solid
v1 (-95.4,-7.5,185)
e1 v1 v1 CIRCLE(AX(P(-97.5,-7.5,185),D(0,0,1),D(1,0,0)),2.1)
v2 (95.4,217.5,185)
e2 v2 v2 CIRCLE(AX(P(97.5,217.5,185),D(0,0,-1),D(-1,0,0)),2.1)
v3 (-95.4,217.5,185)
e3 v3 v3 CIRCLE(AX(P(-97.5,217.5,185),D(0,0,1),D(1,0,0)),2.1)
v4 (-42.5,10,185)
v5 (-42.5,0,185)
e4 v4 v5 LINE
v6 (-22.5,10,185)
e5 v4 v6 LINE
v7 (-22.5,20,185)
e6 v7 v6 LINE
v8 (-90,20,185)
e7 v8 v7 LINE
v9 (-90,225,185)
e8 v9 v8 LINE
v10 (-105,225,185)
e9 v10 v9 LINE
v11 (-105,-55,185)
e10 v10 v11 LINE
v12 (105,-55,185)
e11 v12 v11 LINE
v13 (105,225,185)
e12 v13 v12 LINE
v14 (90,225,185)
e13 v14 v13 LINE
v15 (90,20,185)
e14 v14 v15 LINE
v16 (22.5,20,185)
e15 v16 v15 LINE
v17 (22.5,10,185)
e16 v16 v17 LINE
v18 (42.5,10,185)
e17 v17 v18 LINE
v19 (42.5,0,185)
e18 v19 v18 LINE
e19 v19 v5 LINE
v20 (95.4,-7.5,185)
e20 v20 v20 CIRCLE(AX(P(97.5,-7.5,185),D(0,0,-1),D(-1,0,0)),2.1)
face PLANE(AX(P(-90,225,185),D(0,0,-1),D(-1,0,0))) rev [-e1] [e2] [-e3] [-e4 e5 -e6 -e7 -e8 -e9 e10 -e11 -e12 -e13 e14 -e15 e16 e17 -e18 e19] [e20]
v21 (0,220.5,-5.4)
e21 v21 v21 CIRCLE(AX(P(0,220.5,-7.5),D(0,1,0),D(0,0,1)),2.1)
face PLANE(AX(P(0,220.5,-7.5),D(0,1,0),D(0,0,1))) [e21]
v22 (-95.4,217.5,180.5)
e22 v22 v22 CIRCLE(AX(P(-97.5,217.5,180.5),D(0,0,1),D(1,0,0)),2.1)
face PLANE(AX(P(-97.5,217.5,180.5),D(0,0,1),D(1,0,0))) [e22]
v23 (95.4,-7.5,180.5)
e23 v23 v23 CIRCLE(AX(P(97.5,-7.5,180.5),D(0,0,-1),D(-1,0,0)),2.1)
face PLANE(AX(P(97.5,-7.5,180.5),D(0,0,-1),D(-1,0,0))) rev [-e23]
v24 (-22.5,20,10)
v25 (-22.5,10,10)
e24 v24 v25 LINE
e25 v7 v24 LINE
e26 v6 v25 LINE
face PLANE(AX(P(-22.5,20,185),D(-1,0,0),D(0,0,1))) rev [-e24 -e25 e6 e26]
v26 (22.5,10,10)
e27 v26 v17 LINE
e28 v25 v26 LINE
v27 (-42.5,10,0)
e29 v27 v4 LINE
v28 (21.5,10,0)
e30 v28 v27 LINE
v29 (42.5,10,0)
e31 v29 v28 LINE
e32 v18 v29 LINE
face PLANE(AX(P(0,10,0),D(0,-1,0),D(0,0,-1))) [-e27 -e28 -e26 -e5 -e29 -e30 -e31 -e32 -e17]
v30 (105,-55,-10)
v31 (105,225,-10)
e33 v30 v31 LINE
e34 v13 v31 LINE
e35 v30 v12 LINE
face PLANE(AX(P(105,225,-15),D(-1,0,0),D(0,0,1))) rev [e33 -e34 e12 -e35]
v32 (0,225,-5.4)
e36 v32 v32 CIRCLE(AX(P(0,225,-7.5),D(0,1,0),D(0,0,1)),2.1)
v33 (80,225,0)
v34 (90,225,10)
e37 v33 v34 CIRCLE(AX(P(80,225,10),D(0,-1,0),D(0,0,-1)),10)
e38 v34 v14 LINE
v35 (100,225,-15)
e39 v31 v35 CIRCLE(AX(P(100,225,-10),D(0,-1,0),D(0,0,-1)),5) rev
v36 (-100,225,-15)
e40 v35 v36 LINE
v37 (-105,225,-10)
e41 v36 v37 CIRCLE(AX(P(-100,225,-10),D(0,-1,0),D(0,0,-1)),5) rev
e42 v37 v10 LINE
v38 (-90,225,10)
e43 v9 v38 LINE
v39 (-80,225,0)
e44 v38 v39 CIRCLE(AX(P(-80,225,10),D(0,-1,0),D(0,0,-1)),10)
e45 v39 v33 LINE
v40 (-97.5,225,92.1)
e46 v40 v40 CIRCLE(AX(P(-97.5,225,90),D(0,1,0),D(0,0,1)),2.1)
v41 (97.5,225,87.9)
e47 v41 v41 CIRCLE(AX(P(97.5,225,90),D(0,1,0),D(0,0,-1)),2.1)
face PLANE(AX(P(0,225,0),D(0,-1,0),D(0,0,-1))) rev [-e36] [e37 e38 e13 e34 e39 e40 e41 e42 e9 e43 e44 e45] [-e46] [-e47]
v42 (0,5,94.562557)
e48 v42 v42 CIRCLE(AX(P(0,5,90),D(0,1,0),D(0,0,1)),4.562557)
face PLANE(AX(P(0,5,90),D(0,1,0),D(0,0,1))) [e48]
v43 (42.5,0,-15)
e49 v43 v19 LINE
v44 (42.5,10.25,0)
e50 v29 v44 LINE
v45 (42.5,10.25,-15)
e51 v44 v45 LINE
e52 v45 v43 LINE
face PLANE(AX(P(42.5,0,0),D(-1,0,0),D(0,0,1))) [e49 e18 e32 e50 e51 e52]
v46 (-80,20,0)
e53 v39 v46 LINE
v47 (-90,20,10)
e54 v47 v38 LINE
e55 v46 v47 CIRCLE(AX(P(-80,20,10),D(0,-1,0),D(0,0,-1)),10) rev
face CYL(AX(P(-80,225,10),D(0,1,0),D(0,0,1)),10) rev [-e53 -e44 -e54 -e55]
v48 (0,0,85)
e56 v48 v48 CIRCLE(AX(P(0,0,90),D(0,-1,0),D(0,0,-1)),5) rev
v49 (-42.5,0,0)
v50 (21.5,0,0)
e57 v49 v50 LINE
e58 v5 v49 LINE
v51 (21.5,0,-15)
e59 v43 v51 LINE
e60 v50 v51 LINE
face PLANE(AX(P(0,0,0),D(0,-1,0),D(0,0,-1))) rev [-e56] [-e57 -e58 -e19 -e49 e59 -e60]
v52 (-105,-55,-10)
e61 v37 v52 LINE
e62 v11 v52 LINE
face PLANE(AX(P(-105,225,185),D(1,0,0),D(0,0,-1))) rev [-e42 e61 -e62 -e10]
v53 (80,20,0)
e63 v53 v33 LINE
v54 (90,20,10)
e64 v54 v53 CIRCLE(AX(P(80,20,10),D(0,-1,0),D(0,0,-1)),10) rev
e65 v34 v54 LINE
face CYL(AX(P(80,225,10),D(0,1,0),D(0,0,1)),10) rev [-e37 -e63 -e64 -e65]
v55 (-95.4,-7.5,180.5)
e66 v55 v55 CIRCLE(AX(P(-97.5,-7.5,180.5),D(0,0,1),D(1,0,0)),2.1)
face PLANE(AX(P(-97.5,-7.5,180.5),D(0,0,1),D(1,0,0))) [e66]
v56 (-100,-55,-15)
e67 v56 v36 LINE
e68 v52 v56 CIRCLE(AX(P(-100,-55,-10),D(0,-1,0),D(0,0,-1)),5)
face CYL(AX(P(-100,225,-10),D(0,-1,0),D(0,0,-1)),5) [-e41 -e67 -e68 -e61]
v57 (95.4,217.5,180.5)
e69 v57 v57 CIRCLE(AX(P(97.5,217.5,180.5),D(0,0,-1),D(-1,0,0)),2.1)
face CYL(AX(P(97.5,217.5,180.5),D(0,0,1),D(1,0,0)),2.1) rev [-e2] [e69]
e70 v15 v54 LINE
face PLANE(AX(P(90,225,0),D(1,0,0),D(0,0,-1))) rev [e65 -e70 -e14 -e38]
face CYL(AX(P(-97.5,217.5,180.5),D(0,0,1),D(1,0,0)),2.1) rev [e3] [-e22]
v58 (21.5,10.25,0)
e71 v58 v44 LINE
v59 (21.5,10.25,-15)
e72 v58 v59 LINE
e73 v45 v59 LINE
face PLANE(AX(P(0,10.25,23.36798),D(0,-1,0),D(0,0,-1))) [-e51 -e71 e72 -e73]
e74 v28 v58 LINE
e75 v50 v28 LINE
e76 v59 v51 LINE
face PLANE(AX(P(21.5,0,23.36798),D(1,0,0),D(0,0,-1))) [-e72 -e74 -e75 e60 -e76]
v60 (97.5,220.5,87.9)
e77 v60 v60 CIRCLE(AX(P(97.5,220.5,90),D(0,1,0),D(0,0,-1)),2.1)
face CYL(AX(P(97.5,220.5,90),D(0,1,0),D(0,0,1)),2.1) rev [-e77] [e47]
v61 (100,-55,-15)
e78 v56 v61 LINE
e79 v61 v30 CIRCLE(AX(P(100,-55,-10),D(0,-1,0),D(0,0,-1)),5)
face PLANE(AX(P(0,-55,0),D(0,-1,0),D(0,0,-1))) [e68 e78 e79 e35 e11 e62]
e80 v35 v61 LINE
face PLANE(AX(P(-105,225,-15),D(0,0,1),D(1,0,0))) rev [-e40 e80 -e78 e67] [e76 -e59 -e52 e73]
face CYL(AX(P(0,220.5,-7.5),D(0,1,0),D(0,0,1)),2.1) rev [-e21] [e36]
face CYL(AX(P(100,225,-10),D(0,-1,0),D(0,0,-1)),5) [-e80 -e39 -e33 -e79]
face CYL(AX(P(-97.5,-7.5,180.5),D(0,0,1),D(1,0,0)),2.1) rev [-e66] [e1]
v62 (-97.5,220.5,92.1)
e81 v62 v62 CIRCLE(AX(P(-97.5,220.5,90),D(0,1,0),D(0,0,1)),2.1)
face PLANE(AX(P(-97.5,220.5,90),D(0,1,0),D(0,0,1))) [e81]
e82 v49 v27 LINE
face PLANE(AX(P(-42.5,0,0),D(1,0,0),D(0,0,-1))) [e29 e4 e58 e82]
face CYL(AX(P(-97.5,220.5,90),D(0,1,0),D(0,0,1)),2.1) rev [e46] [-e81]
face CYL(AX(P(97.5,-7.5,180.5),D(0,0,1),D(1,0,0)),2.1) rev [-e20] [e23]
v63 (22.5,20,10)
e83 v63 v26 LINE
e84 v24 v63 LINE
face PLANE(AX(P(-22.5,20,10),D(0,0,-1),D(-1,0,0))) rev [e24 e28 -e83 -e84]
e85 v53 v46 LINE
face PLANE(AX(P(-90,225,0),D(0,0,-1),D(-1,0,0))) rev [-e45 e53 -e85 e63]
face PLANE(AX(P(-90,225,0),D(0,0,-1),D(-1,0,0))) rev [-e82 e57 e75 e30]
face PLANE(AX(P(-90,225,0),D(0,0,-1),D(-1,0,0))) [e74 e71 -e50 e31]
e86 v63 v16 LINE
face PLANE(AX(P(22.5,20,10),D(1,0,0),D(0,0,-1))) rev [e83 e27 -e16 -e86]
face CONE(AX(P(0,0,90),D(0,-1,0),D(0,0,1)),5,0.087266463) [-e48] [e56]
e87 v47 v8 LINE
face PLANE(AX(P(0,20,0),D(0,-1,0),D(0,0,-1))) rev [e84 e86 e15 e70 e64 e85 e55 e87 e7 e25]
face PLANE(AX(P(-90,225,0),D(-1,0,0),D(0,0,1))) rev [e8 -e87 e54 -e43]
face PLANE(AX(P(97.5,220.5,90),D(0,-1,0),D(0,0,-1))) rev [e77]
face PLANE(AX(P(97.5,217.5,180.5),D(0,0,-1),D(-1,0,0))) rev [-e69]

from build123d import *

# Parameters (mm, degrees)
BOSS_EXTRUDE1_DEPTH = 225
BOSS_EXTRUDE2_DEPTH = 10
SKETCH6_W           = 210
SKETCH6_H           = 200
BOSS_EXTRUDE3_DEPTH = 15
SKETCH5_R           = 2.1
CUT_EXTRUDE1_DEPTH  = 4.5
SKETCH10_W          = 210
SKETCH10_H          = 200
BOSS_EXTRUDE4_DEPTH = 40
SKETCH11_R          = 5
BOSS_EXTRUDE5_DEPTH = 5
BOSS_EXTRUDE5_TAPER = 5
SKETCH13_W          = 185
SKETCH13_H          = 10
BOSS_EXTRUDE6_DEPTH = 47.5
SKETCH14_W          = 185
SKETCH14_H          = 10
BOSS_EXTRUDE7_DEPTH = 47.5
SKETCH7_W           = 21
SKETCH7_H           = 10.25
CUT_EXTRUDE2_DEPTH  = 15
SKETCH15_R          = 2.1
CUT_EXTRUDE4_DEPTH  = 4.5
FILLET2_R           = 10
FILLET4_R           = 5


with BuildPart() as part:
    # Sketch2 → Boss-Extrude1 (new body)
    with BuildSketch(Plane(origin=(0, 0, 0), x_dir=(1, 0, 0), z_dir=(0, 1, 0))):
        Polygon((-90, 0), (90, 0), (90, -185), (105, -185), (105, 15), (-105, 15), (-105, -185), (-90, -185), align=None)
    extrude(amount=BOSS_EXTRUDE1_DEPTH)

    # Sketch3 → Boss-Extrude2 (add)
    with BuildSketch(Plane(origin=(0, 10, 0), x_dir=(1, 0, 0), z_dir=(0, 1, 0))):
        Polygon((-90, -185), (-22.5, -185), (-22.5, -10), (22.5, -10), (22.5, -185), (90, -185), (90, 0), (-90, 0), align=None)
    extrude(amount=BOSS_EXTRUDE2_DEPTH)

    # Sketch6 → Boss-Extrude3 (add)
    with BuildSketch(Plane.XZ):
        with Locations((0, 85)):
            Rectangle(SKETCH6_W, SKETCH6_H)
    extrude(amount=BOSS_EXTRUDE3_DEPTH)

    # Sketch5 → Cut-Extrude1 (cut)
    with BuildSketch(Plane.XY.offset(185)):
        with Locations((-97.5, 217.5)):
            Circle(SKETCH5_R)
        with Locations((97.5, 217.5)):
            Circle(SKETCH5_R)
        with Locations((-97.5, -7.5)):
            Circle(SKETCH5_R)
        with Locations((97.5, -7.5)):
            Circle(SKETCH5_R)
    extrude(amount=-CUT_EXTRUDE1_DEPTH, mode=Mode.SUBTRACT)

    # Sketch10 → Boss-Extrude4 (add)
    with BuildSketch(Plane.XZ.offset(15)):
        with Locations((0, 85)):
            Rectangle(SKETCH10_W, SKETCH10_H)
    extrude(amount=BOSS_EXTRUDE4_DEPTH)

    # Sketch11 → Boss-Extrude5 (add)
    with BuildSketch(Plane(origin=(0, 0, 0), x_dir=(1, 0, 0), z_dir=(0, 1, 0))):
        with Locations((0, -90)):
            Circle(SKETCH11_R)
    extrude(amount=BOSS_EXTRUDE5_DEPTH, taper=BOSS_EXTRUDE5_TAPER)

    # Sketch13 → Boss-Extrude6 (add)
    with BuildSketch(Plane.ZY.offset(-90)):
        with Locations((92.5, 5)):
            Rectangle(SKETCH13_W, SKETCH13_H)
    extrude(amount=BOSS_EXTRUDE6_DEPTH)

    # Sketch14 → Boss-Extrude7 (add)
    with BuildSketch(Plane(origin=(-90, 0, 0), x_dir=(0, 0, -1), z_dir=(1, 0, 0))):
        with Locations((-92.5, 5)):
            Rectangle(SKETCH14_W, SKETCH14_H)
    extrude(amount=BOSS_EXTRUDE7_DEPTH)

    # Sketch7 → Cut-Extrude2 (cut)
    with BuildSketch(Plane(origin=(0, 0, -15), x_dir=(-1, 0, 0), z_dir=(0, 0, -1))):
        with Locations((-32, 5.125)):
            Rectangle(SKETCH7_W, SKETCH7_H)
    extrude(amount=-CUT_EXTRUDE2_DEPTH, mode=Mode.SUBTRACT)

    # Sketch15 → Cut-Extrude4 (cut)
    with BuildSketch(Plane(origin=(0, 225, 0), x_dir=(1, 0, 0), z_dir=(0, 1, 0))):
        with Locations((0, 7.5)):
            Circle(SKETCH15_R)
        with Locations((-97.5, -90)):
            Circle(SKETCH15_R)
        with Locations((97.5, -90)):
            Circle(SKETCH15_R)
    extrude(amount=-CUT_EXTRUDE4_DEPTH, mode=Mode.SUBTRACT)

    # Fillet2
    fillet2_edges = [part.edges().sort_by_distance(p)[0] for p in [
        (90, 122.5, 0),
        (-90, 122.5, 0),
    ]]
    fillet(fillet2_edges, radius=FILLET2_R)

    # Fillet4
    fillet4_edges = [part.edges().sort_by_distance(p)[0] for p in [
        (-105, 85, -15),
        (105, 85, -15),
    ]]
    fillet(fillet4_edges, radius=FILLET4_R)


solid = part.part
